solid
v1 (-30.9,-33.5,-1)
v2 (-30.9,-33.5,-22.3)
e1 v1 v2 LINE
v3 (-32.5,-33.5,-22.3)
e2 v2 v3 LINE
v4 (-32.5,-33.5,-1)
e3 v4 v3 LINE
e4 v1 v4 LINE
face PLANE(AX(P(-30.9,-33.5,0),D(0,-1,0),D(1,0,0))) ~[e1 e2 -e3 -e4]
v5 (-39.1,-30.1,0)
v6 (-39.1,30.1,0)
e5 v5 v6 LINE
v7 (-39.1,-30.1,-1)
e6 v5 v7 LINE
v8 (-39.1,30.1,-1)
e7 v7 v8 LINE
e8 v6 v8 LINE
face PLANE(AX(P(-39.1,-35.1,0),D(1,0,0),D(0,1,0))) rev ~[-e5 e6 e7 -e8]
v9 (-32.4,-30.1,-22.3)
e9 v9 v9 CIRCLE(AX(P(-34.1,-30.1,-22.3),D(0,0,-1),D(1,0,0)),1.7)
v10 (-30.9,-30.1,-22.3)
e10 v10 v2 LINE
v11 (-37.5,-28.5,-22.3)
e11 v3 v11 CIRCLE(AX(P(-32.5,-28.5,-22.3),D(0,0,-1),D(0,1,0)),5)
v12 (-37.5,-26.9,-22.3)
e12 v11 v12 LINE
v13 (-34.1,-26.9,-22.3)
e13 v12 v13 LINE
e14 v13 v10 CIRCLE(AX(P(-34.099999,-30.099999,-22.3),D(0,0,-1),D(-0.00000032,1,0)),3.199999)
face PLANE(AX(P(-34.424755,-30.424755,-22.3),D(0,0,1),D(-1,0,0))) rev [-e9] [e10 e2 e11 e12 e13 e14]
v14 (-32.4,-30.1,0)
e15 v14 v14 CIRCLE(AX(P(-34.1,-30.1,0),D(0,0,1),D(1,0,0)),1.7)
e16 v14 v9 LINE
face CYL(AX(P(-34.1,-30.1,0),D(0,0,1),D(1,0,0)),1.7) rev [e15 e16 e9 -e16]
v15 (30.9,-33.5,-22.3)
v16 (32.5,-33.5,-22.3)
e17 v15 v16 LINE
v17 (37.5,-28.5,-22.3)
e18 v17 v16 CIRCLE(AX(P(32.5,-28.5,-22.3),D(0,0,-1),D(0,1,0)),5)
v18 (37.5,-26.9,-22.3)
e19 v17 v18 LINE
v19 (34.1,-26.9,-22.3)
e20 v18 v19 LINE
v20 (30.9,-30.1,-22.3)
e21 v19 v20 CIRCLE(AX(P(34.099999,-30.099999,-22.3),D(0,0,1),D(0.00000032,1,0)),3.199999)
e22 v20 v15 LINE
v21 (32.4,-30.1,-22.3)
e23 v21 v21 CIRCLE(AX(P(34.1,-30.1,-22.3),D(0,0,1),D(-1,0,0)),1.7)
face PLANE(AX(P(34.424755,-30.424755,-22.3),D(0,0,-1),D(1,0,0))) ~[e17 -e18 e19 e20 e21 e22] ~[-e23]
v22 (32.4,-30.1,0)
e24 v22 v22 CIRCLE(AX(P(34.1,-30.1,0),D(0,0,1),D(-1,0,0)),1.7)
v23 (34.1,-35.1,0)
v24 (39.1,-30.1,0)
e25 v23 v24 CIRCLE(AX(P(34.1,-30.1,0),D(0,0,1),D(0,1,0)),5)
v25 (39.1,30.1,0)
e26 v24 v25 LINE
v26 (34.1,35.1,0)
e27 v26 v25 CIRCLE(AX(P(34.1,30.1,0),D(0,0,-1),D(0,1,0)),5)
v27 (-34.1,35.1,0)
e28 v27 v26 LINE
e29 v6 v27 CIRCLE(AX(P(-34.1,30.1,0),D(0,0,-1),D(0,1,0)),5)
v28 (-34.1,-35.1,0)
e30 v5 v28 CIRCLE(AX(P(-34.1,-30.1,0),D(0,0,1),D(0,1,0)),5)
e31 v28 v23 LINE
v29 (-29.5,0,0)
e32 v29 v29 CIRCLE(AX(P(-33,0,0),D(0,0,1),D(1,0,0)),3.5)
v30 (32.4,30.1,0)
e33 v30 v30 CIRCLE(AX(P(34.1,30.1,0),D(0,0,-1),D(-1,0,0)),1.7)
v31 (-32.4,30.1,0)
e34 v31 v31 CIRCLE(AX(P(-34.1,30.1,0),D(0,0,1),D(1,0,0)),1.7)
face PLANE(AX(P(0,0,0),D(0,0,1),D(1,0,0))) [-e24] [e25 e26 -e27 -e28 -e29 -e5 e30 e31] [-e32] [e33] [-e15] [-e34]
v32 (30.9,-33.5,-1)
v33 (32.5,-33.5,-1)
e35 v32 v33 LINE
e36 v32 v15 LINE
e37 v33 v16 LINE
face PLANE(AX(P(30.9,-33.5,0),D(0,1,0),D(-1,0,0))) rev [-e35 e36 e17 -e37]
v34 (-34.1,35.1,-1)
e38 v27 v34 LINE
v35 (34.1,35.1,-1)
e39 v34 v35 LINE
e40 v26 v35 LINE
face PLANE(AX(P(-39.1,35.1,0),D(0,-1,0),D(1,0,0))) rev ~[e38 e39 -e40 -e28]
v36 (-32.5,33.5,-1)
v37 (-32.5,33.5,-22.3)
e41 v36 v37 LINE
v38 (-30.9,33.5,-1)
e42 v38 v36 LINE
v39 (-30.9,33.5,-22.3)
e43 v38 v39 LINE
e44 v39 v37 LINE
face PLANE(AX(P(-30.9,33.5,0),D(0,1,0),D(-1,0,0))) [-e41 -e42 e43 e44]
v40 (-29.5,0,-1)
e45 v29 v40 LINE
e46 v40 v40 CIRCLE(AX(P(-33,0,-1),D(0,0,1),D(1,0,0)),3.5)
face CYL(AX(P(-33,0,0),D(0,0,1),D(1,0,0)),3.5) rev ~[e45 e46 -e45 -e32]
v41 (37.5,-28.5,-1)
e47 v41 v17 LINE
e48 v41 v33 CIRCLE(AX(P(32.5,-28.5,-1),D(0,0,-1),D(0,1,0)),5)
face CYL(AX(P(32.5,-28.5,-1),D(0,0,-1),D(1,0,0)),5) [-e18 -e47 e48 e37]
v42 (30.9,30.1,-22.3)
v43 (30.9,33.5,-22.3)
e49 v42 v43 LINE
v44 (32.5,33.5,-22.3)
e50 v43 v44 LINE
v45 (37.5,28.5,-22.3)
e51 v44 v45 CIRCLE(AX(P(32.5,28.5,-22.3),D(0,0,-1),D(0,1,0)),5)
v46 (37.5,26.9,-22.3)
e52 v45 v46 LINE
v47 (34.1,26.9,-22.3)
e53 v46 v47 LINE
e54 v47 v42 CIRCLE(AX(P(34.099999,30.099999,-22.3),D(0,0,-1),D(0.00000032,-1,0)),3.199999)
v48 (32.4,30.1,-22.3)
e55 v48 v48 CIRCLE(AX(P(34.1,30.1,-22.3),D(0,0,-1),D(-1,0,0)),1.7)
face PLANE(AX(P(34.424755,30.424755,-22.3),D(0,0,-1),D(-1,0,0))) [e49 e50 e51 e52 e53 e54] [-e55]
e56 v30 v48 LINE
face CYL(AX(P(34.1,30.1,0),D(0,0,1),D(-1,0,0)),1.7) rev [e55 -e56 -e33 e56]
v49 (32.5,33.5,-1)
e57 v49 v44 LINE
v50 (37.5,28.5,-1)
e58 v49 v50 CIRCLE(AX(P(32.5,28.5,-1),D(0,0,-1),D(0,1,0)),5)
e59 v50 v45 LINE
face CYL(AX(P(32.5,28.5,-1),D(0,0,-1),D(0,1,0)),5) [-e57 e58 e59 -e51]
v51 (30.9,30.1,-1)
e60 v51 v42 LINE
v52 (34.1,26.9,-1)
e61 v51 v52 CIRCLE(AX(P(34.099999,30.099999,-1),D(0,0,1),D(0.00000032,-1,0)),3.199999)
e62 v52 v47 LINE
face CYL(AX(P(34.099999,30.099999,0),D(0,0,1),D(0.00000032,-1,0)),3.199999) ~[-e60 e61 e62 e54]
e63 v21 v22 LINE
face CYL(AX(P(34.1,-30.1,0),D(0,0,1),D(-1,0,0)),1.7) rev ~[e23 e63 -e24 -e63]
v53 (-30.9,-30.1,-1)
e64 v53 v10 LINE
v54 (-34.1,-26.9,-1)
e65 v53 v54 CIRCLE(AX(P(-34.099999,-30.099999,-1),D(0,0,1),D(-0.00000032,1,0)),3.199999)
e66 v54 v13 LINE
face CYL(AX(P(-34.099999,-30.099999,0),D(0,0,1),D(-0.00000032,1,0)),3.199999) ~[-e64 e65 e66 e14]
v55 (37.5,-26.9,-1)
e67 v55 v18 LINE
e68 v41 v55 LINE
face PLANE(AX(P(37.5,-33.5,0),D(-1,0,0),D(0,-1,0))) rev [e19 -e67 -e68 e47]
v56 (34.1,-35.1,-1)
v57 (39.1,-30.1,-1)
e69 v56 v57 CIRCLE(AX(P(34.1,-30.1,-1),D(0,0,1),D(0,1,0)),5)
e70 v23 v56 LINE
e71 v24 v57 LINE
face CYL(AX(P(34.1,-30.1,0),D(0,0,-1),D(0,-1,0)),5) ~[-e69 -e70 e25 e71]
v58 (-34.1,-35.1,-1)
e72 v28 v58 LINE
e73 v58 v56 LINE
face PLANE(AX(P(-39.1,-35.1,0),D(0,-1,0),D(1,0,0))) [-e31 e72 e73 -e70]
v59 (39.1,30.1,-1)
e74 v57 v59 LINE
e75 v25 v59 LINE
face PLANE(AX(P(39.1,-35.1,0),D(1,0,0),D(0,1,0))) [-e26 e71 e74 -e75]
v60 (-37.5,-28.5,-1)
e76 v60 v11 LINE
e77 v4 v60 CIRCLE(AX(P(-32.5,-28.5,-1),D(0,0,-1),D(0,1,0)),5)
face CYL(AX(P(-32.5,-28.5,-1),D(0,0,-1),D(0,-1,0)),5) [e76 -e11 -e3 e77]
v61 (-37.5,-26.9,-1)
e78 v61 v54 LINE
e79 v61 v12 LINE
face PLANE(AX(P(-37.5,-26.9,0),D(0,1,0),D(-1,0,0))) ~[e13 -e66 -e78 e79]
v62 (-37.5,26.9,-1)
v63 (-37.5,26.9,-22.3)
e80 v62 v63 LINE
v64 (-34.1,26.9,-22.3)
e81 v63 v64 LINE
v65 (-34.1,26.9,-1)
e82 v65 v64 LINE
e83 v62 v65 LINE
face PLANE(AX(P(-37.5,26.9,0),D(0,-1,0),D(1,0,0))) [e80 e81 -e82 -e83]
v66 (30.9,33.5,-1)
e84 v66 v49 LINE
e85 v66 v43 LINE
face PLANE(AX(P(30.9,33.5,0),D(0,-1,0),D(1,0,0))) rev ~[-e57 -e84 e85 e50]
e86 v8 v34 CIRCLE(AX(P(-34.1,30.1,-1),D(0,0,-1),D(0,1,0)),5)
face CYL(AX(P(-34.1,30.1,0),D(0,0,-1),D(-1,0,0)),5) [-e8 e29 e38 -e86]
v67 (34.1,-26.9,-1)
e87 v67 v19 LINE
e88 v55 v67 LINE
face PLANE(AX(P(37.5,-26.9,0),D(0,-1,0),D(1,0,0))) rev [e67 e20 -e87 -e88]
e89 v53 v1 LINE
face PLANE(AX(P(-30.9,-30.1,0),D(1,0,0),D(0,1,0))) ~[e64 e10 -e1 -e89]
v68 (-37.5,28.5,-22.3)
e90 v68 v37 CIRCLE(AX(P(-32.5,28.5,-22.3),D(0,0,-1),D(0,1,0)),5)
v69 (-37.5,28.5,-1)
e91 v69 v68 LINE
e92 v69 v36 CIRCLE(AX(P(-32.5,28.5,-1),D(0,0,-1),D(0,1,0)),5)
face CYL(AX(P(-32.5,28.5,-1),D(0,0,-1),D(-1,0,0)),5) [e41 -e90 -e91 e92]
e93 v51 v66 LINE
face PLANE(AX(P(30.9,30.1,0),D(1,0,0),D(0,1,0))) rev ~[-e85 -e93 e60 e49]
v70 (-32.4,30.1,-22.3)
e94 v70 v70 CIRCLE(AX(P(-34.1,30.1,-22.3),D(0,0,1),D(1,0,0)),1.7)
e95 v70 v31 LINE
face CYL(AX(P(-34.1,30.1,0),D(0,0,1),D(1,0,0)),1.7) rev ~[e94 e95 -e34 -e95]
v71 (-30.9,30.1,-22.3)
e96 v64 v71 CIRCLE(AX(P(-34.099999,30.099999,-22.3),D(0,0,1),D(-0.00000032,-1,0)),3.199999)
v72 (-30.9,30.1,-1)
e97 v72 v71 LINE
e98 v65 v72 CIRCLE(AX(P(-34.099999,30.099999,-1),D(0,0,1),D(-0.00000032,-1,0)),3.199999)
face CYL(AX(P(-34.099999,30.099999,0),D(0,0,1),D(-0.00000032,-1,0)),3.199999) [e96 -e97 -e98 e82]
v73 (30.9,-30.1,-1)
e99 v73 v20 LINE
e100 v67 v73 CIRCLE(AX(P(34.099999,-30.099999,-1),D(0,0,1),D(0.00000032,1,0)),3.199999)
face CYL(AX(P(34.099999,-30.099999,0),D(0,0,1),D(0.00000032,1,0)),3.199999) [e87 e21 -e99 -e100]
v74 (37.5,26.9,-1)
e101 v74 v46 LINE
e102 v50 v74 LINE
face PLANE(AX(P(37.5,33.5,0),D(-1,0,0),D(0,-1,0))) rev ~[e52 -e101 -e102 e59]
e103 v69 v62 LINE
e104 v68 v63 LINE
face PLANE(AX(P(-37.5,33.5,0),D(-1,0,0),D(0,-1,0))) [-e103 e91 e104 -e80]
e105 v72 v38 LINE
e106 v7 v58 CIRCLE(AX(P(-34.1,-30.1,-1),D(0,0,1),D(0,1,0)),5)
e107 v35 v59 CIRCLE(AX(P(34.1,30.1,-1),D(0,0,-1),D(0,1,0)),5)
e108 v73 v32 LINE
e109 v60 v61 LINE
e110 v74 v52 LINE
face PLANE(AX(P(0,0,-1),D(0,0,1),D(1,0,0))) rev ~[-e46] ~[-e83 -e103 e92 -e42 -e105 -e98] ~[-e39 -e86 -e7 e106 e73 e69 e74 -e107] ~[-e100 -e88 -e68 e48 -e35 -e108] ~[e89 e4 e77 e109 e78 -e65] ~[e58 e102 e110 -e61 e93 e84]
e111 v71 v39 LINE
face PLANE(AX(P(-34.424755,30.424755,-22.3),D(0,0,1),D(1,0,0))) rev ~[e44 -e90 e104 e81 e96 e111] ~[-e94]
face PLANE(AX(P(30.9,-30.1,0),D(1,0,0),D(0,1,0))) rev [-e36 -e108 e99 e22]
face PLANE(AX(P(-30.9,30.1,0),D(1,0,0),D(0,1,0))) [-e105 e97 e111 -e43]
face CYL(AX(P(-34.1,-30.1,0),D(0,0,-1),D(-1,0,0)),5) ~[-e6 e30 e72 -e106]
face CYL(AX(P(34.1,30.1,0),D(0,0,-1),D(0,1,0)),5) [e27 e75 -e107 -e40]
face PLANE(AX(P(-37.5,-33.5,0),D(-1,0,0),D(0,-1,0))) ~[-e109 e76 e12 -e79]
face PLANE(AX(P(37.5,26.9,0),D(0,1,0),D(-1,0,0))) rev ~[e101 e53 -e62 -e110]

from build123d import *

# Parameters (mm, degrees)
SKETCH006_W                        = 78.2
SKETCH006_H                        = 70.2
PAD004_DEPTH                       = 1
SKETCH011_R                        = 1.7
POCKET004_DEPTH                    = 211.184539
POCKET004_DEPTH_BACK               = 210.184539
SKETCH011_MIRRORED009_2_R          = 1.7
POCKET004_MIRRORED009_2_DEPTH      = 211.184539
POCKET004_MIRRORED009_2_DEPTH_BACK = -210.184539
SKETCH015_R                        = 1.7
PAD008_DEPTH                       = 22.3
SKETCH015_MIRRORED017_2_R          = 1.7
PAD008_MIRRORED017_2_DEPTH         = 22.3
SKETCH023_R                        = 3.5
POCKET014_DEPTH                    = 5
FILLET003_R                        = 5


with BuildPart() as part:
    # Sketch006 → Pad004 (new body)
    with BuildSketch(Plane.XY):
        Rectangle(SKETCH006_W, SKETCH006_H)
    extrude(amount=-PAD004_DEPTH)

    # Sketch011 → Pocket004 (cut, two sides)
    with BuildSketch(Plane.XY) as pocket004_sk:
        with Locations((-34.1, 30.1)):
            Circle(SKETCH011_R)
    pocket004 = extrude(amount=-POCKET004_DEPTH, mode=Mode.SUBTRACT) + extrude(pocket004_sk.sketch, amount=POCKET004_DEPTH_BACK, mode=Mode.SUBTRACT)

    # Sketch011 Mirrored009 2 → Pocket004 Mirrored009 2 (cut, two sides)
    with BuildSketch(Plane(origin=(0, 0, 0), x_dir=(-1, 0, 0), z_dir=(0, 0, -1))) as pocket004_mirrored009_2_sk:
        with Locations((-34.1, 30.1)):
            Circle(SKETCH011_MIRRORED009_2_R)
    pocket004_mirrored009_2 = extrude(amount=POCKET004_MIRRORED009_2_DEPTH, mode=Mode.SUBTRACT) + extrude(pocket004_mirrored009_2_sk.sketch, amount=-POCKET004_MIRRORED009_2_DEPTH_BACK, mode=Mode.SUBTRACT)

    # Mirrored010: Pocket004, Pocket004 Mirrored009 2 across Sketch011 H_Axis
    add(pocket004.mirror(Plane.ZX), mode=Mode.SUBTRACT)
    add(pocket004_mirrored009_2.mirror(Plane.ZX), mode=Mode.SUBTRACT)

    # Sketch015 → Pad008 (join)
    with BuildSketch(Plane.XY):
        with BuildLine():
            ThreePointArc((-34.1, 26.9), (-31.837258, 27.837258), (-30.9, 30.1))
            Line((-30.9, 30.1), (-30.9, 33.5))
            Line((-30.9, 33.5), (-37.5, 33.5))
            Line((-37.5, 33.5), (-37.5, 26.9))
            Line((-37.5, 26.9), (-34.1, 26.9))
        make_face()
        with Locations((-34.1, 30.1)):
            Circle(SKETCH015_R, mode=Mode.SUBTRACT)
    pad008 = extrude(amount=-PAD008_DEPTH)

    # Sketch015 Mirrored017 2 → Pad008 Mirrored017 2 (add)
    with BuildSketch(Plane(origin=(0, 0, 0), x_dir=(-1, 0, 0), z_dir=(0, 0, -1))):
        with BuildLine():
            ThreePointArc((-34.1, 26.9), (-31.837258, 27.837258), (-30.9, 30.1))
            Line((-30.9, 30.1), (-30.9, 33.5))
            Line((-30.9, 33.5), (-37.5, 33.5))
            Line((-37.5, 33.5), (-37.5, 26.9))
            Line((-37.5, 26.9), (-34.1, 26.9))
        make_face()
        with Locations((-34.1, 30.1)):
            Circle(SKETCH015_MIRRORED017_2_R, mode=Mode.SUBTRACT)
    pad008_mirrored017_2 = extrude(amount=PAD008_MIRRORED017_2_DEPTH)

    # Mirrored018: Pad008, Pad008 Mirrored017 2 across Sketch015 H_Axis
    add(pad008.mirror(Plane.ZX))
    add(pad008_mirrored017_2.mirror(Plane.ZX))

    # Sketch023 → Pocket014 (cut)
    with BuildSketch(Plane.XY):
        with Locations((-33, 0)):
            Circle(SKETCH023_R)
    extrude(amount=-POCKET014_DEPTH, mode=Mode.SUBTRACT)

    # Fillet003
    fillet003_edges = [part.edges().sort_by_distance(p)[0] for p in [
        (37.5, 33.5, -11.65),
        (39.1, 35.1, -0.5),
        (37.5, -33.5, -11.65),
        (39.1, -35.1, -0.5),
        (-39.1, -35.1, -0.5),
        (-37.5, -33.5, -11.65),
        (-37.5, 33.5, -11.65),
        (-39.1, 35.1, -0.5),
    ]]
    fillet(fillet003_edges, radius=FILLET003_R)


solid = part.part
